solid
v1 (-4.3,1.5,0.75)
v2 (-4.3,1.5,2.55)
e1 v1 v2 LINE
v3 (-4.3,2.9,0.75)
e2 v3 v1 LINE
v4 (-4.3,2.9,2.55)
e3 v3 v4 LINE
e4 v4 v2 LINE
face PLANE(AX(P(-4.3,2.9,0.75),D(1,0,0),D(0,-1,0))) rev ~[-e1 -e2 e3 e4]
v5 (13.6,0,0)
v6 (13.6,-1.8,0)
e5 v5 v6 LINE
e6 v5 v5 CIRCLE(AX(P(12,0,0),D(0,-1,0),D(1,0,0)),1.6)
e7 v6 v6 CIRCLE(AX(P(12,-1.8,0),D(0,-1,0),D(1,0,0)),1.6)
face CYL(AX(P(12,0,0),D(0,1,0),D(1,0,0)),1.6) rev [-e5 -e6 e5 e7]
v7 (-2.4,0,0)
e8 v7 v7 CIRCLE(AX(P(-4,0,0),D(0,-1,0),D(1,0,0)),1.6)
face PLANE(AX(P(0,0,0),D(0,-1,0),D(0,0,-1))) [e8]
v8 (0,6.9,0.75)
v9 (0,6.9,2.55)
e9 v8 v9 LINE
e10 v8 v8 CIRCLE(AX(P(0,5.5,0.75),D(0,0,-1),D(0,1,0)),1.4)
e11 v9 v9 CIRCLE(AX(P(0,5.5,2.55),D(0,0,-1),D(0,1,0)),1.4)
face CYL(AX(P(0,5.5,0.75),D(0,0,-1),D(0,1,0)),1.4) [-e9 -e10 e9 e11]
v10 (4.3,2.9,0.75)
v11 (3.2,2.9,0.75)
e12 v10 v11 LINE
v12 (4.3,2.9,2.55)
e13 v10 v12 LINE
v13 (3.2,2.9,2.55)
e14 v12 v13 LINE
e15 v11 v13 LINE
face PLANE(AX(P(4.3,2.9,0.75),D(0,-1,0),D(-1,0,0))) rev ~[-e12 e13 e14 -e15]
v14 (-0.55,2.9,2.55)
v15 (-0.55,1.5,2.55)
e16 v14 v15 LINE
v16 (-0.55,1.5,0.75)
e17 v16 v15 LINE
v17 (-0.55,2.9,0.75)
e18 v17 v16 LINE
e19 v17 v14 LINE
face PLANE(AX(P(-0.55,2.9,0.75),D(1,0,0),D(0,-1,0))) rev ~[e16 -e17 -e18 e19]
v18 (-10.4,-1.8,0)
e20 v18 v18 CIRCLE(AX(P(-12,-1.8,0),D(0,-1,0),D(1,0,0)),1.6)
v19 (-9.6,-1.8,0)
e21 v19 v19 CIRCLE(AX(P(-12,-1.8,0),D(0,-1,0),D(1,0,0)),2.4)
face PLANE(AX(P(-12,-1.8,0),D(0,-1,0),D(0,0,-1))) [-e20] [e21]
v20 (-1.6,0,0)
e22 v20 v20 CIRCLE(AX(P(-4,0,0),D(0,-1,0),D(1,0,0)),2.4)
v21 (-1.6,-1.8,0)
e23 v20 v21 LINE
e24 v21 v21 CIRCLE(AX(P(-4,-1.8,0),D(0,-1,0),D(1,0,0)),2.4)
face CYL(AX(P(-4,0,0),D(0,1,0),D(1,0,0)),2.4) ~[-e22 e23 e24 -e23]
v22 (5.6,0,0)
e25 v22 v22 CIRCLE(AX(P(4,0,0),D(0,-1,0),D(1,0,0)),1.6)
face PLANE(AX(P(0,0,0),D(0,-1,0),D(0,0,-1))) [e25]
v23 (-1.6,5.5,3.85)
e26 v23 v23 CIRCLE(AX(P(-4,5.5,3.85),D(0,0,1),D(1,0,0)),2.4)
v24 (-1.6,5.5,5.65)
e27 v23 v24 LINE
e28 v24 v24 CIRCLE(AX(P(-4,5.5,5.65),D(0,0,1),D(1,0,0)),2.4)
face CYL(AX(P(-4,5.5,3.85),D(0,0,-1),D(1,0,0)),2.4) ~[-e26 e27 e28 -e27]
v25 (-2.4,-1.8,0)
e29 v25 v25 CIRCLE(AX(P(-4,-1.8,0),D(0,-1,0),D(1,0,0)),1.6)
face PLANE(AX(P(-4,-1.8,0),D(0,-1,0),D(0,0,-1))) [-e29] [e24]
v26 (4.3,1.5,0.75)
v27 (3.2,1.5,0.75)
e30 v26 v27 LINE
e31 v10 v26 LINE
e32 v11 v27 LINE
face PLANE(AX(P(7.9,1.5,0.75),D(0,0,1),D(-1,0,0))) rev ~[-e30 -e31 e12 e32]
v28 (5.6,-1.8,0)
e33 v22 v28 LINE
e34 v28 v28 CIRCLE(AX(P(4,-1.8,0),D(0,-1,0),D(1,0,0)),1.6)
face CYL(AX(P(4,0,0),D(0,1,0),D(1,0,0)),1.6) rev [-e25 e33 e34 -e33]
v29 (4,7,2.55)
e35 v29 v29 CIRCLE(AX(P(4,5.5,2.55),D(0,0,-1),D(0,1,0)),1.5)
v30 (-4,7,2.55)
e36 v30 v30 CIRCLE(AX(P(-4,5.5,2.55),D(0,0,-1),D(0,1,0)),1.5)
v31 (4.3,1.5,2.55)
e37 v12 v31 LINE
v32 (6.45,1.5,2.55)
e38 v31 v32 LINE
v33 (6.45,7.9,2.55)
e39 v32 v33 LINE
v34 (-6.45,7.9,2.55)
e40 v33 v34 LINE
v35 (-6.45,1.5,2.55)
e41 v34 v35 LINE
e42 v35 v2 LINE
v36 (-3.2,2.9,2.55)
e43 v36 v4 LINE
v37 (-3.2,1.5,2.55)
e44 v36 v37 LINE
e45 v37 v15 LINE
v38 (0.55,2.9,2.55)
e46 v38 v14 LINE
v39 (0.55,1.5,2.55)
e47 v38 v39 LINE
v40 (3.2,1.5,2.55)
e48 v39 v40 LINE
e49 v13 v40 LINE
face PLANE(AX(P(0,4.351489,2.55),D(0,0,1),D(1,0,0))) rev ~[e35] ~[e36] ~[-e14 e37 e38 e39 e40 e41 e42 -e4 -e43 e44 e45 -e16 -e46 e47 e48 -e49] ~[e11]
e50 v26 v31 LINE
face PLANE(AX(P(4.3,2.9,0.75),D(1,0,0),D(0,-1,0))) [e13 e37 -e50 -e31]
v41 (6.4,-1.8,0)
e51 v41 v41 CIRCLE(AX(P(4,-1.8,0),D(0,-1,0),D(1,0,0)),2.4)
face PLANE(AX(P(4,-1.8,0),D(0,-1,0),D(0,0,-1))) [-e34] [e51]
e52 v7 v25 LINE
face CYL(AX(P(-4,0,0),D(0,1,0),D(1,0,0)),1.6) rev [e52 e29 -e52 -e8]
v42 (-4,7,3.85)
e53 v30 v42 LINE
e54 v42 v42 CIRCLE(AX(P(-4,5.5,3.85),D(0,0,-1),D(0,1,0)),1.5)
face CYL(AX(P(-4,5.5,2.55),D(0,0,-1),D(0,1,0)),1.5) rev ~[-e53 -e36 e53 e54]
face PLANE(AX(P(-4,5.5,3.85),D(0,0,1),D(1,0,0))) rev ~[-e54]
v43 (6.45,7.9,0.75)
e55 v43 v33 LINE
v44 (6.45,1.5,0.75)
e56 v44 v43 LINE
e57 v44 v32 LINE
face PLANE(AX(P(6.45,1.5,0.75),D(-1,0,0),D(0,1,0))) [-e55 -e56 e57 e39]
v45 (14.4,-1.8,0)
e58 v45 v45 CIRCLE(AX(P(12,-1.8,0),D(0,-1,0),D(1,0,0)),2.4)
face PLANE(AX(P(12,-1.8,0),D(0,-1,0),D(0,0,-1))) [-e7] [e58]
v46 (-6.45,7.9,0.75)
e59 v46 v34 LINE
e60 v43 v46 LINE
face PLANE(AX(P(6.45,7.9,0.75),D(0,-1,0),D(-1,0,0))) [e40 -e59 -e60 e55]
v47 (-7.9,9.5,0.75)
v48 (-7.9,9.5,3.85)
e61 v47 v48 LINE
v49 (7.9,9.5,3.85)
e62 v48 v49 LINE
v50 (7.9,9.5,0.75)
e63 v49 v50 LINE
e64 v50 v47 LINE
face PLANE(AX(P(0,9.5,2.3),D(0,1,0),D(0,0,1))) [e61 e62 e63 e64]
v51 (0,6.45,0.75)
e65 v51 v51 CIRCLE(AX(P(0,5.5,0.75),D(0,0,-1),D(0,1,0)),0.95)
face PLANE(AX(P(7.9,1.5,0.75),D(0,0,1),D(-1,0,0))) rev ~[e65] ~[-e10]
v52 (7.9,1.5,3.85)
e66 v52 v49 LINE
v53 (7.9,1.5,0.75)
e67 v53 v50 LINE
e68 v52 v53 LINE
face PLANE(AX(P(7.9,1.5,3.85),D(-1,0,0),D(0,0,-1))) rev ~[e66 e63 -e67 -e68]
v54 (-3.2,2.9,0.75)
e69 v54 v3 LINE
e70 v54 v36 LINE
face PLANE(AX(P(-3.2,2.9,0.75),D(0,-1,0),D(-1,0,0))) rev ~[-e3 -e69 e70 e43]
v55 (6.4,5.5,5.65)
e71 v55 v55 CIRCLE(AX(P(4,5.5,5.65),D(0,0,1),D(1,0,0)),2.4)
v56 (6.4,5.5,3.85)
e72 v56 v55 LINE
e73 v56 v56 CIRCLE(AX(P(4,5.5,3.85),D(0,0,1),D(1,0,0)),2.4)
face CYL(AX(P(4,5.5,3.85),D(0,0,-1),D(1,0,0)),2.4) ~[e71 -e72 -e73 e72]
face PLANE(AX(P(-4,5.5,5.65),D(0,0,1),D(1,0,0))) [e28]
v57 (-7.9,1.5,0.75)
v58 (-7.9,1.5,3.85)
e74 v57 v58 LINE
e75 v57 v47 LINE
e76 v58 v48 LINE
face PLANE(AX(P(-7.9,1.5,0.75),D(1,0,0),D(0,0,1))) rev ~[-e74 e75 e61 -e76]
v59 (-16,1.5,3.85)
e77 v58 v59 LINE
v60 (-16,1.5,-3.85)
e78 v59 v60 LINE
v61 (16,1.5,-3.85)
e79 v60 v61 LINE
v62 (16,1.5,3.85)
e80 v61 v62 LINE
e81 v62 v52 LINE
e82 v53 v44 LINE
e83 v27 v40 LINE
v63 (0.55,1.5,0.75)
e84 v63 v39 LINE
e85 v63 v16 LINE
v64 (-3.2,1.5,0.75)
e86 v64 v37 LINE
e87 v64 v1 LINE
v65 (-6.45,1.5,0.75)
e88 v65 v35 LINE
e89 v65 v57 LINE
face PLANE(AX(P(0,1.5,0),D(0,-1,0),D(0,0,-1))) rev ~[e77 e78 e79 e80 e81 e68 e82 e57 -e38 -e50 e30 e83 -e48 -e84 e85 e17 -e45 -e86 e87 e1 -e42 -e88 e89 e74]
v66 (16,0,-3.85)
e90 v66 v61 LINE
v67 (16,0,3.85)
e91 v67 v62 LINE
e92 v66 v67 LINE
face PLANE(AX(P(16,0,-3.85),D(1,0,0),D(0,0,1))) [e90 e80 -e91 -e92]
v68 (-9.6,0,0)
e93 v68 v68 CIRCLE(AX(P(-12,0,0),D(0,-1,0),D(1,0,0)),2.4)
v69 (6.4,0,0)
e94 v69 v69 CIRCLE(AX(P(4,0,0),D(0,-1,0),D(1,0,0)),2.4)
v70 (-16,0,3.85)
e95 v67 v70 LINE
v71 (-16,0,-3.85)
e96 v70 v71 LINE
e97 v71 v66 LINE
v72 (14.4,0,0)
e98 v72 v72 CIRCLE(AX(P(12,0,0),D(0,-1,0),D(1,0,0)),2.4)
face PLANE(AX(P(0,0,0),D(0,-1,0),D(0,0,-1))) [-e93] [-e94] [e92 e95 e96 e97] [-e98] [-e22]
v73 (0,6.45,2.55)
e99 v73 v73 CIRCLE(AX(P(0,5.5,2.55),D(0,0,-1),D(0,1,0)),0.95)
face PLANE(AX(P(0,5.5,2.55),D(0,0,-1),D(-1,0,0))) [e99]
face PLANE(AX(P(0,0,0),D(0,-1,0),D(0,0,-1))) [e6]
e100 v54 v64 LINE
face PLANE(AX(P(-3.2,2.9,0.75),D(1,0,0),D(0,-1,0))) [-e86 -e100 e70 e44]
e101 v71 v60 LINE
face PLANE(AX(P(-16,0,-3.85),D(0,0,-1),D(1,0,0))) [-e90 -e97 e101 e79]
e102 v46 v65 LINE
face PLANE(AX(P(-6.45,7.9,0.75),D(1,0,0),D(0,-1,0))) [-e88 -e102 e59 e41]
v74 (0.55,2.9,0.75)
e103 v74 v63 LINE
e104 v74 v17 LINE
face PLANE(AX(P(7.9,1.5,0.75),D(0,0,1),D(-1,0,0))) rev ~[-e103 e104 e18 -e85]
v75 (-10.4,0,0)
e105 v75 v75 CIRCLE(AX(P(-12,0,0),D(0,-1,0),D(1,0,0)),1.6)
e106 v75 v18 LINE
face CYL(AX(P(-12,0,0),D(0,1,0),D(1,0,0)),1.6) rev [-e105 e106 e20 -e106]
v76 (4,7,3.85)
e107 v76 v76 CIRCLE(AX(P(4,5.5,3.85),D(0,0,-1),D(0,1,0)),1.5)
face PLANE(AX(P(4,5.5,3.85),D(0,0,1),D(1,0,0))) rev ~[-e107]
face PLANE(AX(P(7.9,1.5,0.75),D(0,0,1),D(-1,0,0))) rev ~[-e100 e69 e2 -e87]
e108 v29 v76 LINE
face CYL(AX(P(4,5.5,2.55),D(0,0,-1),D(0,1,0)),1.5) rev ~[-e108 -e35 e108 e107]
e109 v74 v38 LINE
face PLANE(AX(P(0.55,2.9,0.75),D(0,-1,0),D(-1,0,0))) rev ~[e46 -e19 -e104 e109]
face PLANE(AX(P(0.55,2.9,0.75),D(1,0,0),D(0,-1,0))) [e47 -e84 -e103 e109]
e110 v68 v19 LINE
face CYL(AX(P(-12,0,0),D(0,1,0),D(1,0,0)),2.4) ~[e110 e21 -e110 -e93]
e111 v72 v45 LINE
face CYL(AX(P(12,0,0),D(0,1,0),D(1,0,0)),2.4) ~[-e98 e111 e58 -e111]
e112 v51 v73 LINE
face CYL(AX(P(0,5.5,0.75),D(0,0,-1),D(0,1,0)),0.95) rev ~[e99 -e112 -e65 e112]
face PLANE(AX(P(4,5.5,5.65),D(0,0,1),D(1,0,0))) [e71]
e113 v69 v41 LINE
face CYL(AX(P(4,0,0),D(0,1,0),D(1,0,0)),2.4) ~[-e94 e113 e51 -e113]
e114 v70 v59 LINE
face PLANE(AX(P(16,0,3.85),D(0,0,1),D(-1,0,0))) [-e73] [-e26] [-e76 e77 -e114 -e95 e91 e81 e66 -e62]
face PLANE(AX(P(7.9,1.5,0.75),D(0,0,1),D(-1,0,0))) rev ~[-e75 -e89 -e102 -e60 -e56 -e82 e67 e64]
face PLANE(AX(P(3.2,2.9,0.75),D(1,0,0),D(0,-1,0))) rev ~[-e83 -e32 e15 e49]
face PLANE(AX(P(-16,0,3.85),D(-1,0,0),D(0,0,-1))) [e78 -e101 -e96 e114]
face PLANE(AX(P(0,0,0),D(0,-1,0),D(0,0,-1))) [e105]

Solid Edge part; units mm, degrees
sketch "Sketch1" plane through (0, 0, 0) normal (0, -1, 0) x (1, 0, 0)
  line L0 (-16, -3.85) -> (16, -3.85)
  line L1 (16, -3.85) -> (16, 3.85)
  line L2 (16, 3.85) -> (-16, 3.85)
  line L3 (-16, 3.85) -> (-16, -3.85)
  dimension "D1" = 32
  dimension "D2" = 7.7
extrude "Protrusion1" add sketch "Sketch1" against normal blind 1.5
sketch "Sketch2" plane through (0, 1.5, 0) normal (0, 1, 0) x (-1, 0, 0)
  line L0 (7.9, 3.85) -> (-7.9, 3.85)
  line L1 (-7.9, 3.85) -> (-7.9, 0.75)
  line L2 (-7.9, 0.75) -> (7.9, 0.75)
  line L3 (7.9, 0.75) -> (7.9, 3.85)
  dimension "D1" = 15.8
  dimension "D2" = 3.1
extrude "ExtrudedProtrusion_2" add sketch "Sketch2" along normal blind 8
sketch "Sketch3" plane through (0, 5.5, 0.75) normal (0, 0, -1) x (0, 1, 0)
  line L0 (2.4, -6.45) -> (-4, -6.45)
  line L1 (-4, -6.45) -> (-4, -4.3)
  line L2 (-2.6, -4.3) -> (-4, -4.3)
  line L3 (-2.6, -3.2) -> (-2.6, -4.3)
  line L4 (-2.6, -3.2) -> (-4, -3.2)
  line L5 (-4, -3.2) -> (-4, -0.55)
  line L6 (-2.6, -0.55) -> (-4, -0.55)
  line L7 (-2.6, 0.55) -> (-2.6, -0.55)
  line L8 (-2.6, 0.55) -> (-4, 0.55)
  line L9 (-4, 0.55) -> (-4, 3.2)
  line L10 (-2.6, 3.2) -> (-4, 3.2)
  line L11 (-2.6, 4.3) -> (-2.6, 3.2)
  line L12 (-2.6, 4.3) -> (-4, 4.3)
  line L13 (-4, 4.3) -> (-4, 6.45)
  line L14 (-4, 6.45) -> (2.4, 6.45)
  line L15 (2.4, 6.45) -> (2.4, -6.45)
  circle A0 centre (0, 0) radius 1.4
  circle A1 centre (0, 0) radius 0.95
  dimension "D1" = 2.8
  dimension "D2" = 1.9
  dimension "D3" = 1.1
  dimension "D4" = 1.1
  dimension "D5" = 1.1
extrude "ExtrudedCutout_1" cut sketch "Sketch3" against normal blind 1.8
sketch "Sketch4" plane through (0, 4.7, 2.55) normal (0, 0, -1) x (0, 1, 0)
  circle A0 centre (0.8, 4) radius 1.5
  circle A1 centre (0.8, -4) radius 1.5
  dimension "D1" = 3
  dimension "D2" = 3
extrude "ExtrudedCutout_2" cut sketch "Sketch4" against normal blind 2.4
sketch "Sketch5" plane through (0, 4.75, 3.85) normal (0, 0, 1) x (1, 0, 0)
  circle A0 centre (-4, 0.75) radius 2.4
  circle A1 centre (4, 0.75) radius 2.4
  dimension "D1" = 4.8
  dimension "D2" = 4.8
extrude "ExtrudedProtrusion_3" add sketch "Sketch5" along normal blind 1.8
sketch "Sketch6" plane through (0, 0, 0) normal (0, -1, 0) x (1, 0, 0)
  circle A0 centre (-12, 0) radius 2.4
  circle A1 centre (-4, 0) radius 2.4
  circle A2 centre (4, 0) radius 2.4
  circle A3 centre (12, 0) radius 2.4
  circle A4 centre (-12, 0) radius 1.6
  circle A5 centre (-4, 0) radius 1.6
  circle A6 centre (4, 0) radius 1.6
  circle A7 centre (12, 0) radius 1.6
  dimension "D1" = 4.8
  dimension "D2" = 4.8
  dimension "D3" = 4.8
  dimension "D4" = 4.8
  dimension "D5" = 3.2
  dimension "D6" = 3.2
  dimension "D7" = 3.2
  dimension "D8" = 3.2
extrude "ExtrudedProtrusion_4" add sketch "Sketch6" along normal blind 1.8
